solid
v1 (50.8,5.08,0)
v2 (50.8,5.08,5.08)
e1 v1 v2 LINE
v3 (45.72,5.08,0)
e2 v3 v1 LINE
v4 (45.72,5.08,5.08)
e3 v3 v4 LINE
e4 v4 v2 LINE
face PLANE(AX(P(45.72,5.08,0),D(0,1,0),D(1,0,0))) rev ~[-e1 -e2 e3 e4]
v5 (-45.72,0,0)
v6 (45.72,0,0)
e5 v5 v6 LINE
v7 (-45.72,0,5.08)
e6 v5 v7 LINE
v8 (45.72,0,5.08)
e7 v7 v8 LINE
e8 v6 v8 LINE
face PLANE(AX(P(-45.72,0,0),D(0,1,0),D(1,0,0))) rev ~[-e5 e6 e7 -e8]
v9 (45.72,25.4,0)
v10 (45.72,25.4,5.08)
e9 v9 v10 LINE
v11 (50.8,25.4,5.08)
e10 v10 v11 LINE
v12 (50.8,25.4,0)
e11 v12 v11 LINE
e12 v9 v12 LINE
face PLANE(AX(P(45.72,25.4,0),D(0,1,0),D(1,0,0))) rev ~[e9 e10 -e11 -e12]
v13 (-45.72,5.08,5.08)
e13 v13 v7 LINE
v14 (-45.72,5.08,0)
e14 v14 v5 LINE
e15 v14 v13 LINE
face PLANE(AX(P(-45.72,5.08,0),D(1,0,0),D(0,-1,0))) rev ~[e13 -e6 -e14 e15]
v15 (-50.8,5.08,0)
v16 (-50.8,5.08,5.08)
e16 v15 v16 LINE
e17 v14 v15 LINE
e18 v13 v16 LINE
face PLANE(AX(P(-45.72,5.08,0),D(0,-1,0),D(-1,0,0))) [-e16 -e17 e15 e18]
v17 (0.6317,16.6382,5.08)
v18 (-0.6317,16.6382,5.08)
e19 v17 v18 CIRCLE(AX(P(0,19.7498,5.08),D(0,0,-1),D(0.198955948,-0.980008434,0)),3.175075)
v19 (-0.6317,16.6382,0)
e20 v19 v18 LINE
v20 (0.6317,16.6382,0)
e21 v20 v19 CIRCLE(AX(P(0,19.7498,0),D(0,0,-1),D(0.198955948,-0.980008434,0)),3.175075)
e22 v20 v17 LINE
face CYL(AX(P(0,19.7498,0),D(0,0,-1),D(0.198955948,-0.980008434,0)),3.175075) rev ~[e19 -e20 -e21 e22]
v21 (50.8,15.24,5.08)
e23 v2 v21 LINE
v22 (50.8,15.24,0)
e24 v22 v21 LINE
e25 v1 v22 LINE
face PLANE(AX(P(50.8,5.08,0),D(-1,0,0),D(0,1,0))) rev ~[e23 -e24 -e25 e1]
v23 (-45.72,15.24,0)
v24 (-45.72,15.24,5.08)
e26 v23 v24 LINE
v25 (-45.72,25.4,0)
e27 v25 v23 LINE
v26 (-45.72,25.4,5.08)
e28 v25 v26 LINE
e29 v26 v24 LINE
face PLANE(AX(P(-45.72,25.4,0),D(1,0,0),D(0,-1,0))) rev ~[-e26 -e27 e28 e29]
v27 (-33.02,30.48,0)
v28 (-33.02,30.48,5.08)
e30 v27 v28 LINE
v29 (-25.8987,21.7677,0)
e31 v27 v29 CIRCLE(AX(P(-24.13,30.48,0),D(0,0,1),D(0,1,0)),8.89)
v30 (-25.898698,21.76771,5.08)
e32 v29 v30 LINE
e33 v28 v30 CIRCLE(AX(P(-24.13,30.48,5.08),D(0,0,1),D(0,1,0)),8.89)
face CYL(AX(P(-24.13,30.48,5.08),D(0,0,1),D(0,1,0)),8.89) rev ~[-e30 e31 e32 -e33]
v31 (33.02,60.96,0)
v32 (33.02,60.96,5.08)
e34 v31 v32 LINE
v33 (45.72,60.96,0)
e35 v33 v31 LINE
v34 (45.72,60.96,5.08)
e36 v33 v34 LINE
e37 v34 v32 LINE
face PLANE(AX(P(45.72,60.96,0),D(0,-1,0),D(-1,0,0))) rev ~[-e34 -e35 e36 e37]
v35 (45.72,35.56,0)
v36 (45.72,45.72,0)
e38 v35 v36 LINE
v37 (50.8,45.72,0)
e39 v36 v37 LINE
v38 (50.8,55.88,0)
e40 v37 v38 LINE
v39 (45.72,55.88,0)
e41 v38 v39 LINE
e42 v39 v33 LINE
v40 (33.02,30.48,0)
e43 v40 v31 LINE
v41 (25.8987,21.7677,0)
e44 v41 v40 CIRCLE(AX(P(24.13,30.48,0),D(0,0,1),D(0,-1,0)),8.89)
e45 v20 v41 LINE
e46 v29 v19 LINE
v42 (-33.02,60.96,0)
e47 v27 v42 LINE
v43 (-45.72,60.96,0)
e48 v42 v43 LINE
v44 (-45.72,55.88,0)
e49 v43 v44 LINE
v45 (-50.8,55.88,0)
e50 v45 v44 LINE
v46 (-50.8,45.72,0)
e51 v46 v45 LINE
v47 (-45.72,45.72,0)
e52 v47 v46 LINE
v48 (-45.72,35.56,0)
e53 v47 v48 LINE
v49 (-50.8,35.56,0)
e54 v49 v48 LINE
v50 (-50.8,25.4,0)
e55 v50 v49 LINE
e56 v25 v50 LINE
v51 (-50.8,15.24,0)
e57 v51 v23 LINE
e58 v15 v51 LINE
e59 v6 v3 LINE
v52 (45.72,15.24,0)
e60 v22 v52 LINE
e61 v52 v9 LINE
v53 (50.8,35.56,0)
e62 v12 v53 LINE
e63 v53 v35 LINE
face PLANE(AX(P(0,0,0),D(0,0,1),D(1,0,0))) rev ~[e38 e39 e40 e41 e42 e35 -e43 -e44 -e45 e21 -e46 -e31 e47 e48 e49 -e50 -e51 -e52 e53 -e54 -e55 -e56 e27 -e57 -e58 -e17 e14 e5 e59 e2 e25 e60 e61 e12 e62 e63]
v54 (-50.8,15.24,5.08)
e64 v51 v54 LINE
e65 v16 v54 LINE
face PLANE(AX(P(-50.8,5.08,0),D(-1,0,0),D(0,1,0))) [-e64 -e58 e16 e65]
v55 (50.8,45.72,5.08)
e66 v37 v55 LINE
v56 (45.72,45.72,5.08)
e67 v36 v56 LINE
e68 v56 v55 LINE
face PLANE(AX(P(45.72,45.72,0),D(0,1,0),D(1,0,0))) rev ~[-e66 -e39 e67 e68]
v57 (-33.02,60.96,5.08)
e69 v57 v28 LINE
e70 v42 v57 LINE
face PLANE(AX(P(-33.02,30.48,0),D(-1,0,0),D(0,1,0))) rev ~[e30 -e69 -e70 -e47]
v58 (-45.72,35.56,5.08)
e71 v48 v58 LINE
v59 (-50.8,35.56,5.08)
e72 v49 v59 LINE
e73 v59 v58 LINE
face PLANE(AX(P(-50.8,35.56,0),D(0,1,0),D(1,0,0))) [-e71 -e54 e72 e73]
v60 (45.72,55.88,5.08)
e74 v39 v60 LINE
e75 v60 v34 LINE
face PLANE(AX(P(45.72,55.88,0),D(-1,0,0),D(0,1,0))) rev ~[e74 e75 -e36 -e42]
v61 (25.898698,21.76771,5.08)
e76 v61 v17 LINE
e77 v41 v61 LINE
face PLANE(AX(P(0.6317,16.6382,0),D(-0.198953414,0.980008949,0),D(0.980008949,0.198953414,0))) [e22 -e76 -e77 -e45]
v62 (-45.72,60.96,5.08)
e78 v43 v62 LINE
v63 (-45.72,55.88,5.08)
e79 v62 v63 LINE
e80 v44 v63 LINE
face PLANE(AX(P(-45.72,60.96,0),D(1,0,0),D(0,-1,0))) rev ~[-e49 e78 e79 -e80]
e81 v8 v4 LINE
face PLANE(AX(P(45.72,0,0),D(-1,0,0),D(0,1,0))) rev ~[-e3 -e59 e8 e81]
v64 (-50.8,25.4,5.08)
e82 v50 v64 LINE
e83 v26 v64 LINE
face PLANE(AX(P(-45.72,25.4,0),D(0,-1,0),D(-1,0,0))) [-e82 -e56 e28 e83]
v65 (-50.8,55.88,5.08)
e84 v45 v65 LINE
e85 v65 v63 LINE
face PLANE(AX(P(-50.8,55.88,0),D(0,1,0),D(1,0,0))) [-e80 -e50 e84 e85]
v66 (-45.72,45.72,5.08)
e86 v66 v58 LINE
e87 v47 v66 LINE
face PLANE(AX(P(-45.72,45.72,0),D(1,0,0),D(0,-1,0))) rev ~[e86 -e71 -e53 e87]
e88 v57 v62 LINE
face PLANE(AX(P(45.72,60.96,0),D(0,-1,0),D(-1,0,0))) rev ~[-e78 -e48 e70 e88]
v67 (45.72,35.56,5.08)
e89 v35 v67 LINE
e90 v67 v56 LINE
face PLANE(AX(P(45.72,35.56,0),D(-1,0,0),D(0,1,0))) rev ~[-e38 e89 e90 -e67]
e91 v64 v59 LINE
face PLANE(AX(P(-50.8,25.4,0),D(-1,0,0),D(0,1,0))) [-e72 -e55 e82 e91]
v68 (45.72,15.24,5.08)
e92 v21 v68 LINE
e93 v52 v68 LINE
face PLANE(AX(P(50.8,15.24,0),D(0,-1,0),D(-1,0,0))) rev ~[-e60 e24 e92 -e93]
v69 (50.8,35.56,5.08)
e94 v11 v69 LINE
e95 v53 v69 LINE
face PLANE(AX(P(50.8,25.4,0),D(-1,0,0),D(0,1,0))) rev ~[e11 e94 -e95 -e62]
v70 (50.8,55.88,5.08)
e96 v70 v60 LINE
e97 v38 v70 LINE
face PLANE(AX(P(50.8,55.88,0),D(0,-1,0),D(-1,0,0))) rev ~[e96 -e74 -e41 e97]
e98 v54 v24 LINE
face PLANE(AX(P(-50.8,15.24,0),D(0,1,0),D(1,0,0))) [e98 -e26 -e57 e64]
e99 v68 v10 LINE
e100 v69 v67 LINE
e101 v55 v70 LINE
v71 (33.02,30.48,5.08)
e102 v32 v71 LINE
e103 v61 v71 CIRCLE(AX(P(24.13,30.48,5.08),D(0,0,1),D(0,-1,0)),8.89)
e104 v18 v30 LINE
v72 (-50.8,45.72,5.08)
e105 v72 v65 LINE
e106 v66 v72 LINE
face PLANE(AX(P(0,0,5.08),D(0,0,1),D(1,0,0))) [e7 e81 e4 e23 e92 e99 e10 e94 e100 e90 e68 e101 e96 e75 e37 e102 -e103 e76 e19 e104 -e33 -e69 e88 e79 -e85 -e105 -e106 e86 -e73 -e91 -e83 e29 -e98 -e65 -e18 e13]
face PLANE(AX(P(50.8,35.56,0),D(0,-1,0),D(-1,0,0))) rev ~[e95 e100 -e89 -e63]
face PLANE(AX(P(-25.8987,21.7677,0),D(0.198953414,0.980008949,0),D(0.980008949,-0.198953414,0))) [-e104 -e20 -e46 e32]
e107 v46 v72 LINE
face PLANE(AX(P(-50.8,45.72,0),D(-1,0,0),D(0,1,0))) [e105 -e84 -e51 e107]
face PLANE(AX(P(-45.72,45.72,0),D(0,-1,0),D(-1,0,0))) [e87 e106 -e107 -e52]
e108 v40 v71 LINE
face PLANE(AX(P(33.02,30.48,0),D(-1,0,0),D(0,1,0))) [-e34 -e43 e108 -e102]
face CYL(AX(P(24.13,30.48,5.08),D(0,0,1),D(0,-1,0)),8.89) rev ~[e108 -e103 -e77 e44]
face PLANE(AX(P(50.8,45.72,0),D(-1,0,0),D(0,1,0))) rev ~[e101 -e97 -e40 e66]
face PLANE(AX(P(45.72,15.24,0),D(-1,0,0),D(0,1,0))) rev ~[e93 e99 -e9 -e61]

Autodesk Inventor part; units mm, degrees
ref_plane "YZ Plane" through (0, 0, 0) normal (1, 0, 0) x (0, 1, 0)
ref_plane "XZ Plane" through (0, 0, 0) normal (0, 1, 0) x (-1, 0, 0)
ref_plane "XY Plane" through (0, 0, 0) normal (0, 0, 1) x (1, 0, 0)
sketch "Sketch1" plane through (0, 0, 0) normal (0, 0, 1) x (1, 0, 0)
  line L0 (45.72, 0) -> (45.72, 60.96)
  line L1 (45.72, 60.96) -> (-45.72, 60.96)
  line L2 (-45.72, 60.96) -> (-45.72, 9.301)
  line L3 (-45.72, 5.08) -> (-50.8, 5.08)
  line L4 (-50.8, 5.08) -> (-50.8, 15.24)
  line L5 (-50.8, 15.24) -> (-45.72, 15.24)
  line L6 (-45.72, 15.24) -> (-45.72, 5.08)
  line L7 (-45.72, 25.4) -> (-50.8, 25.4)
  line L8 (-50.8, 25.4) -> (-50.8, 35.56)
  line L9 (-50.8, 35.56) -> (-45.72, 35.56)
  line L10 (-45.72, 35.56) -> (-45.72, 25.4)
  line L11 (-45.72, 45.72) -> (-50.8, 45.72)
  line L12 (-50.8, 45.72) -> (-50.8, 55.88)
  line L13 (-50.8, 55.88) -> (-45.72, 55.88)
  line L14 (-45.72, 55.88) -> (-45.72, 45.72)
  line L15 (0, 60.96) -> (0, 0) construction
  line L16 (45.72, 60.96) -> (45.72, 0)
  line L17 (45.72, 5.08) -> (50.8, 5.08)
  line L18 (50.8, 5.08) -> (50.8, 15.24)
  line L19 (50.8, 15.24) -> (45.72, 15.24)
  line L20 (45.72, 15.24) -> (45.72, 5.08)
  line L21 (45.72, 25.4) -> (50.8, 25.4)
  line L22 (50.8, 25.4) -> (50.8, 35.56)
  line L23 (50.8, 35.56) -> (45.72, 35.56)
  line L24 (45.72, 35.56) -> (45.72, 25.4)
  line L25 (45.72, 45.72) -> (50.8, 45.72)
  line L26 (50.8, 45.72) -> (50.8, 55.88)
  line L27 (50.8, 55.88) -> (45.72, 55.88)
  line L28 (45.72, 55.88) -> (45.72, 45.72)
  line L29 (-45.72, 5.08) -> (-45.72, 0)
  line L30 (-45.72, 0) -> (45.72, 0)
  line L31 (45.72, 60.96) -> (-45.72, 60.96)
  line L32 (-45.72, 60.96) -> (-45.72, 0)
  line L33 (-45.72, 0) -> (45.72, 0)
  line L34 (45.72, 0) -> (45.72, 60.96)
  dimension "d0" = 91.44
  dimension "d2" = 10.16
  dimension "d3" = 5.08
  dimension "d7" = 20.32
  dimension "d14" = 5.08
  dimension "d15" = 60.96
extrude "Extrusion2" add sketch "Sketch1" along normal blind 5.08
sketch "Sketch5" plane through (0, 0, 5.08) normal (0, 0, 1) x (1, 0, 0)
  line L0 (50.8, 25.4) -> (50.8, 35.56) projected
  line L1 (50.8, 35.56) -> (45.72, 35.56) projected
  line L2 (45.72, 35.56) -> (45.72, 45.72) projected
  line L3 (45.72, 45.72) -> (50.8, 45.72) projected
  line L4 (50.8, 45.72) -> (50.8, 55.88) projected
  line L5 (50.8, 55.88) -> (45.72, 55.88) projected
  line L6 (45.72, 55.88) -> (45.72, 60.96) projected
  line L7 (45.72, 60.96) -> (-45.72, 60.96) projected
  line L8 (-45.72, 60.96) -> (-45.72, 55.88) projected
  line L9 (-45.72, 55.88) -> (-50.8, 55.88) projected
  line L10 (-50.8, 55.88) -> (-50.8, 45.72) projected
  line L11 (-50.8, 45.72) -> (-45.72, 45.72) projected
  line L12 (-45.72, 45.72) -> (-45.72, 35.56) projected
  line L13 (-45.72, 35.56) -> (-50.8, 35.56) projected
  line L14 (-50.8, 35.56) -> (-50.8, 25.4) projected
  line L15 (-50.8, 25.4) -> (-45.72, 25.4) projected
  line L16 (-45.72, 25.4) -> (-45.72, 15.24) projected
  line L17 (-45.72, 15.24) -> (-50.8, 15.24) projected
  line L18 (-50.8, 15.24) -> (-50.8, 5.08) projected
  line L19 (-50.8, 5.08) -> (-45.72, 5.08) projected
  line L20 (-45.72, 5.08) -> (-45.72, 0) projected
  line L21 (-45.72, 0) -> (45.72, 0) projected
  line L22 (45.72, 0) -> (45.72, 5.08) projected
  line L23 (45.72, 5.08) -> (50.8, 5.08) projected
  line L24 (50.8, 5.08) -> (50.8, 15.24) projected
  line L25 (50.8, 15.24) -> (45.72, 15.24) projected
  line L26 (45.72, 15.24) -> (45.72, 25.4) projected
  line L27 (45.72, 25.4) -> (50.8, 25.4) projected
  line L28 (-24.13, 30.48) -> (24.13, 30.48) construction
  line L29 (-24.13, 21.59) -> (24.13, 21.59)
  line L30 (24.13, 39.37) -> (-24.13, 39.37)
  arc A0 (-24.13, 39.37) -> (-24.13, 21.59) centre (-24.13, 30.48) ccw
  arc A1 (24.13, 21.59) -> (24.13, 39.37) centre (24.13, 30.48) ccw
  line L31 (45.72, 60.96) -> (-45.72, 60.96) construction
  line L32 (0, 60.96) -> (0, 0) construction
  point P0 (0, 30.48)
  dimension "d32" = 48.26
  dimension "d33" = 60.96
  dimension "d34" = 30.48
  dimension "d35" = 8.89
extrude "Extrusion6" cut sketch "Sketch5" against normal blind 25.4 contours A0 L30 A1 L29
sketch "Sketch6" plane through (0, 0, 0) normal (0, 0, -1) x (-1, 0, 0)
  arc A0 (-24.13, 39.37) -> (-24.13, 21.59) centre (-24.13, 30.48) ccw projected
  line L0 (-24.13, 39.37) -> (24.13, 39.37) projected
  arc A1 (24.13, 21.59) -> (24.13, 39.37) centre (24.13, 30.48) ccw projected
  line L1 (24.13, 21.59) -> (-24.13, 21.59) projected
  line L2 (-50.8, 35.56) -> (-50.8, 25.4) projected
  line L3 (-50.8, 25.4) -> (-45.72, 25.4) projected
  line L4 (-45.72, 15.24) -> (-45.72, 25.4) projected
  line L5 (-50.8, 15.24) -> (-45.72, 15.24) projected
  line L6 (-50.8, 5.08) -> (-50.8, 15.24) projected
  line L7 (-45.72, 5.08) -> (-50.8, 5.08) projected
  line L8 (-45.72, 0) -> (-45.72, 5.08) projected
  line L9 (45.72, 0) -> (-45.72, 0) construction
  line L10 (45.72, 5.08) -> (45.72, 0) projected
  line L11 (50.8, 5.08) -> (45.72, 5.08) projected
  line L12 (50.8, 15.24) -> (50.8, 5.08) projected
  line L13 (45.72, 15.24) -> (50.8, 15.24) projected
  line L14 (45.72, 25.4) -> (45.72, 15.24) projected
  line L15 (45.72, 25.4) -> (50.8, 25.4) projected
  line L16 (50.8, 25.4) -> (50.8, 35.56) projected
  line L17 (50.8, 35.56) -> (45.72, 35.56) projected
  line L18 (45.72, 45.72) -> (45.72, 35.56) projected
  line L19 (45.72, 45.72) -> (50.8, 45.72) projected
  line L20 (50.8, 45.72) -> (50.8, 55.88) projected
  line L21 (50.8, 55.88) -> (45.72, 55.88) projected
  line L22 (45.72, 60.96) -> (45.72, 55.88) projected
  line L23 (-45.72, 60.96) -> (45.72, 60.96) projected
  line L24 (-45.72, 55.88) -> (-45.72, 60.96) projected
  line L25 (-50.8, 55.88) -> (-45.72, 55.88) projected
  line L26 (-50.8, 45.72) -> (-50.8, 55.88) projected
  line L27 (-45.72, 45.72) -> (-50.8, 45.72) projected
  line L28 (-45.72, 35.56) -> (-45.72, 45.72) projected
  line L29 (-45.72, 35.56) -> (-50.8, 35.56) projected
  line L30 (33.02, 30.48) -> (33.02, 60.96)
  line L31 (-45.72, 60.96) -> (45.72, 60.96) projected
  arc A2 (-24.13, 39.37) -> (-24.13, 21.59) centre (-24.13, 30.48) ccw projected
  line L32 (-33.02, 30.48) -> (-33.02, 60.96)
  line L33 (-33.02, 60.96) -> (33.02, 60.96)
  arc A3 (24.13, 21.59) -> (24.13, 39.37) centre (24.13, 30.48) ccw projected
  line L34 (25.8987, 21.7677) -> (0.6317, 16.6382)
  line L35 (-0.6317, 16.6382) -> (-25.8987, 21.7677)
  arc A4 (24.13, 21.59) -> (24.13, 39.37) centre (24.13, 30.48) ccw projected
  line L36 (0, 21.59) -> (0, 0) construction
  arc A5 (-0.6317, 16.6382) -> (0.6317, 16.6382) centre (0, 19.7498) ccw
  circle A6 centre (24.13, 30.48) radius 8.89
  circle A7 centre (-24.13, 30.48) radius 8.89
  point P0 (0, 16.51)
  dimension "d38" = 5.08
  dimension "d39" = 3.175
extrude "Extrusion7" cut sketch "Sketch6" against normal blind 25.4 contours A0 L32 L23 L30 A1 L0 | A0 L1 A1 L34 A5 L35
equation "\"d7\" = 2 * d2"
equation "\"d34\" = 0.5 * d33"
properties part number "MotorShelf" material "Wood (Birch)"
